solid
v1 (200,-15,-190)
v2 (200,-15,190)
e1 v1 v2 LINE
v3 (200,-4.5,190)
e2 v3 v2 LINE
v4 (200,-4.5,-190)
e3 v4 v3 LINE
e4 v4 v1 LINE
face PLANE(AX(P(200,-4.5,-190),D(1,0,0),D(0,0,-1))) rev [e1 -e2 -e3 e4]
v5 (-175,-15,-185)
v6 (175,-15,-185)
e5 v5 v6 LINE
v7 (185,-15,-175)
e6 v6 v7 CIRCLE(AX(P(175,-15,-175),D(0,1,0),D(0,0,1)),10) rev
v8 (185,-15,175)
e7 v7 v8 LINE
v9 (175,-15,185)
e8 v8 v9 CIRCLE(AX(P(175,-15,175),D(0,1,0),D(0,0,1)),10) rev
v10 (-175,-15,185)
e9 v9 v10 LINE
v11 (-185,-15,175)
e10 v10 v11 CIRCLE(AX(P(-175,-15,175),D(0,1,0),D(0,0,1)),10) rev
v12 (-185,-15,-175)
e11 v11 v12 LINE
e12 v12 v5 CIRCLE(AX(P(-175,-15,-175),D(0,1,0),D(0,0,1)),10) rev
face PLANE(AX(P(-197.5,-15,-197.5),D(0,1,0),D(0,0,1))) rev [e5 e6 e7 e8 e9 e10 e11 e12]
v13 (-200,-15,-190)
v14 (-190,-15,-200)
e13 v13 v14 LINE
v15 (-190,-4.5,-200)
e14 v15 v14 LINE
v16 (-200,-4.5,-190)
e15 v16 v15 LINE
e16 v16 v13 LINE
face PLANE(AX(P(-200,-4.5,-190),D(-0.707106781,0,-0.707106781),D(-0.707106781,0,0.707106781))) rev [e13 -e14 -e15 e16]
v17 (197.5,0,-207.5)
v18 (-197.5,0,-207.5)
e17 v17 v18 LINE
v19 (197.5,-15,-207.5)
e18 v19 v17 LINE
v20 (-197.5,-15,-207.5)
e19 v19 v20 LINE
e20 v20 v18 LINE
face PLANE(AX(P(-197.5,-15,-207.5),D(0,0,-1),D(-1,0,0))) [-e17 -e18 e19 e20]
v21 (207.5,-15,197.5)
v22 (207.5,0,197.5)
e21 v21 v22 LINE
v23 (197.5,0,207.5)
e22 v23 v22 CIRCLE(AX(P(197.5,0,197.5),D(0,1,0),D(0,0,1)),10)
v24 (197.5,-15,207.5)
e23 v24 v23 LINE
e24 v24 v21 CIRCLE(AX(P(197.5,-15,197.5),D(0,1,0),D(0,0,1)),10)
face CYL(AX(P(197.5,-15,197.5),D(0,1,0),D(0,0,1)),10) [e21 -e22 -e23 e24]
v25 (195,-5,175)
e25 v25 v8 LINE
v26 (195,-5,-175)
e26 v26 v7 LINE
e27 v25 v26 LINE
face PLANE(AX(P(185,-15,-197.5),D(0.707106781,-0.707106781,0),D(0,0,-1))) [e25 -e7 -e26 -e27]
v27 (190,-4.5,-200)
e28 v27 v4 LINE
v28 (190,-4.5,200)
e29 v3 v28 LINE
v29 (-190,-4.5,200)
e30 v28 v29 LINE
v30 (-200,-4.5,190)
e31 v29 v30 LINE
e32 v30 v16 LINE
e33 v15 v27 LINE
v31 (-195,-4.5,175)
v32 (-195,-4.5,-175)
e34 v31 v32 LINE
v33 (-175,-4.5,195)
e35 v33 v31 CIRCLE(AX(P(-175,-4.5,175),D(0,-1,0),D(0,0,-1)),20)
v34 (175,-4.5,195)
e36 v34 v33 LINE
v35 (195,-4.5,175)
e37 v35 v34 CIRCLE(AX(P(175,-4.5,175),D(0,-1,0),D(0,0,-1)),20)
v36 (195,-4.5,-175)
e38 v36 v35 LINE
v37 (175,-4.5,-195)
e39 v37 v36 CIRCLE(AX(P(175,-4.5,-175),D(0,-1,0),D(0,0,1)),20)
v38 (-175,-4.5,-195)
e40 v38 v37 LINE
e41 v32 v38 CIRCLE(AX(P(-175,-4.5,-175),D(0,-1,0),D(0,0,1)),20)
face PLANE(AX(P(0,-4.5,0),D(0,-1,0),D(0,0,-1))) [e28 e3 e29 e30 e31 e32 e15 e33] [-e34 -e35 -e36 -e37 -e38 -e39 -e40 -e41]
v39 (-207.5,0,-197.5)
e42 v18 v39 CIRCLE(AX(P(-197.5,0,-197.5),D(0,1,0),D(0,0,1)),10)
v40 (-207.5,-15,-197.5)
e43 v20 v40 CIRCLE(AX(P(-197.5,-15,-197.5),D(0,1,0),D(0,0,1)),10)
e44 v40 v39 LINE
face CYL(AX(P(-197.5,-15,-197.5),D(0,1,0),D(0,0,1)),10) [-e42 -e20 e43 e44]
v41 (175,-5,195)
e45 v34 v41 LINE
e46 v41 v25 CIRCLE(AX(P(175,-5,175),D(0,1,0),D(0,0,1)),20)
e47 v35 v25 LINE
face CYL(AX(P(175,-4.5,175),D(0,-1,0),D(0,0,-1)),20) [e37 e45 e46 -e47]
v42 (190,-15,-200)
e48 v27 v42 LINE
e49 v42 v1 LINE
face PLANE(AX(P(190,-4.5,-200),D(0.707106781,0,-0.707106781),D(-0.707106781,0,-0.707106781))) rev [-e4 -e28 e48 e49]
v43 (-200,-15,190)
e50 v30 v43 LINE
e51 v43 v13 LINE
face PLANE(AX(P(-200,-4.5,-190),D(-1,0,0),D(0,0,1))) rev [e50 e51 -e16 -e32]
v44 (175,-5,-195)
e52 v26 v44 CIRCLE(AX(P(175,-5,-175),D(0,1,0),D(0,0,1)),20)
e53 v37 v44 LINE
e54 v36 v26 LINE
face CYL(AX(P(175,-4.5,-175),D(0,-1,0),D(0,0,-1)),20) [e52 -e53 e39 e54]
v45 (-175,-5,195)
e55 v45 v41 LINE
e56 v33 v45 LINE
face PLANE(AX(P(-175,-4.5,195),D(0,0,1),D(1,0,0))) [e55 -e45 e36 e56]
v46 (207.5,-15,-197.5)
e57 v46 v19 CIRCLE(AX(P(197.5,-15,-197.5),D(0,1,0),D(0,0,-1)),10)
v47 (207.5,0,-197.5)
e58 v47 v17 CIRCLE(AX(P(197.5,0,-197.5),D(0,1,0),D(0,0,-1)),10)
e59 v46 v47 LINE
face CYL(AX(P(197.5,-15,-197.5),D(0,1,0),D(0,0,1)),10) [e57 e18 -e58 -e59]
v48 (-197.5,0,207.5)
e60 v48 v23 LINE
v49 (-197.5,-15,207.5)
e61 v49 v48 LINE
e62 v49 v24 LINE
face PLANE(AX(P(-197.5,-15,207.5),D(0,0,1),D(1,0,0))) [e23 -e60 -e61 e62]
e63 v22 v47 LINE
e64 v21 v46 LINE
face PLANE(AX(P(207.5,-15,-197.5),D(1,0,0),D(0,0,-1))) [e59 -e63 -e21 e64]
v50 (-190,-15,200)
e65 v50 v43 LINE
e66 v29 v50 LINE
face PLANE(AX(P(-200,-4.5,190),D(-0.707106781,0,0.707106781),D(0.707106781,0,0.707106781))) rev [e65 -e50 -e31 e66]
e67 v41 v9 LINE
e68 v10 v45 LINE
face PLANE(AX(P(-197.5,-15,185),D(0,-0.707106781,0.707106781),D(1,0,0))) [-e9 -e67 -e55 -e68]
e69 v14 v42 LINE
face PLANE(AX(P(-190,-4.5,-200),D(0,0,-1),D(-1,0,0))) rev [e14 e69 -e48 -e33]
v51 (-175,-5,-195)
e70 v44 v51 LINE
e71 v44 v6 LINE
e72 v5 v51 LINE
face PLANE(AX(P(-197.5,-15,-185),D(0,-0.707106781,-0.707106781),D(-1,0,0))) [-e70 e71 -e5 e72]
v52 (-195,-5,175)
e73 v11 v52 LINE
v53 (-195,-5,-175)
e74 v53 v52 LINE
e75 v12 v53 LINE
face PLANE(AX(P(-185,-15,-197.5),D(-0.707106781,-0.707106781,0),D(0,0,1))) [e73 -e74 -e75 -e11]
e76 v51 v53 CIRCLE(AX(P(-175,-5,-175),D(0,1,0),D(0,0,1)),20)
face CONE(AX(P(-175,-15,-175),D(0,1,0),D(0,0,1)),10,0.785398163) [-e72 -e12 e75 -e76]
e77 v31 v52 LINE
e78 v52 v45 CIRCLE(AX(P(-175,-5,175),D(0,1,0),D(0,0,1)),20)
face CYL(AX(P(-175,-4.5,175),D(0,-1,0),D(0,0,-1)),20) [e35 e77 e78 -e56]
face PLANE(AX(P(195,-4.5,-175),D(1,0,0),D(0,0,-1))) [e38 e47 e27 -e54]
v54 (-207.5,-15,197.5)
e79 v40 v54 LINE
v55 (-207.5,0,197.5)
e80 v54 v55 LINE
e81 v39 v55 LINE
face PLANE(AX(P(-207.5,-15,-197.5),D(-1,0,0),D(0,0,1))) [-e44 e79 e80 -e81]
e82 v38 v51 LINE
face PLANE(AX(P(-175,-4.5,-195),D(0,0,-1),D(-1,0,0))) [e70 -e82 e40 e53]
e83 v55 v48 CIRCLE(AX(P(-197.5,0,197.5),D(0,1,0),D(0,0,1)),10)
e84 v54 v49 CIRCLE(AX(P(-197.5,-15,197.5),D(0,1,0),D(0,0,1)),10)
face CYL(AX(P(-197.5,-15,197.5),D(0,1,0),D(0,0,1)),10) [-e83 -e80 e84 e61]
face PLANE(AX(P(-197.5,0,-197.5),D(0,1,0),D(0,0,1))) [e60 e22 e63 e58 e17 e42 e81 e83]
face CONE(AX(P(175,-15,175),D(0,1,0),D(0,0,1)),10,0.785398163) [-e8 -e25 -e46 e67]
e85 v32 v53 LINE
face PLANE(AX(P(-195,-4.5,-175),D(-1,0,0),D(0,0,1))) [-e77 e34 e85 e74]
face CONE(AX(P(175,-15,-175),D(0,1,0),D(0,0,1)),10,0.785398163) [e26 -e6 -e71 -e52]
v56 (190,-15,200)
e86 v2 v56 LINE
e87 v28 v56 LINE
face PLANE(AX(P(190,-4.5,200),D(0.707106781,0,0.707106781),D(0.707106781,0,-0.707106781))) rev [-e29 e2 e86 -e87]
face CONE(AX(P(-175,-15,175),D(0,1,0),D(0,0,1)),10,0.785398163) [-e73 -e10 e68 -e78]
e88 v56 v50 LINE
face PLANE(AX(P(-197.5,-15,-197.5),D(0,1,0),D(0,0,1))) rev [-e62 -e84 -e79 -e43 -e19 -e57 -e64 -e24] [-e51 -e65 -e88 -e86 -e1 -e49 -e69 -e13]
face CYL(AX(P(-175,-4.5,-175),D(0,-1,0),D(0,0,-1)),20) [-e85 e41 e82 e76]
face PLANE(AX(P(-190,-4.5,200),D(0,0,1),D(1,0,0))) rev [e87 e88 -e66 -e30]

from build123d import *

# Parameters (mm, degrees)
BOSS_EXTRUDE1_DEPTH = 15
CUT_EXTRUDE1_DEPTH  = 10.5
CHAMFER1_SIZE       = 10


with BuildPart() as part:
    # Sketch1 → Boss-Extrude1 (new body)
    with BuildSketch(Plane(origin=(0, 0, 0), x_dir=(1, 0, 0), z_dir=(0, 1, 0))):
        with BuildLine():
            Line((-197.5, 207.5), (197.5, 207.5))
            ThreePointArc((197.5, 207.5), (204.571067812, 204.571067812), (207.5, 197.5))
            Line((207.5, 197.5), (207.5, -197.5))
            ThreePointArc((207.5, -197.5), (204.571067812, -204.571067812), (197.5, -207.5))
            Line((197.5, -207.5), (-197.5, -207.5))
            ThreePointArc((-197.5, -207.5), (-204.571067812, -204.571067812), (-207.5, -197.5))
            Line((-207.5, -197.5), (-207.5, 197.5))
            ThreePointArc((-207.5, 197.5), (-204.571067812, 204.571067812), (-197.5, 207.5))
        make_face()
    extrude(amount=-BOSS_EXTRUDE1_DEPTH)

    # Sketch2 → Cut-Extrude1 (cut)
    with BuildSketch(Plane.XZ.offset(15)):
        Polygon((-190, -200), (190, -200), (200, -190), (200, 190), (190, 200), (-190, 200), (-200, 190), (-200, -190), align=None)
        with BuildLine():
            Line((-175, -195), (175, -195))
            ThreePointArc((175, -195), (189.142135624, -189.142135624), (195, -175))
            Line((195, -175), (195, 175))
            ThreePointArc((195, 175), (189.142135624, 189.142135624), (175, 195))
            Line((175, 195), (-175, 195))
            ThreePointArc((-175, 195), (-189.142135624, 189.142135624), (-195, 175))
            Line((-195, 175), (-195, -175))
            ThreePointArc((-195, -175), (-189.142135624, -189.142135624), (-175, -195))
        make_face(mode=Mode.SUBTRACT)
    extrude(amount=-CUT_EXTRUDE1_DEPTH, mode=Mode.SUBTRACT)

    # Chamfer1
    chamfer1_edges = [part.edges().sort_by_distance(p)[0] for p in [
        (189.142135624, -15, -189.142135624),
        (0, -15, -195),
        (-189.142135624, -15, -189.142135624),
        (-195, -15, 0),
        (-189.142135624, -15, 189.142135624),
        (0, -15, 195),
        (189.142135624, -15, 189.142135624),
        (195, -15, 0),
    ]]
    chamfer(chamfer1_edges, length=CHAMFER1_SIZE)


solid = part.part
